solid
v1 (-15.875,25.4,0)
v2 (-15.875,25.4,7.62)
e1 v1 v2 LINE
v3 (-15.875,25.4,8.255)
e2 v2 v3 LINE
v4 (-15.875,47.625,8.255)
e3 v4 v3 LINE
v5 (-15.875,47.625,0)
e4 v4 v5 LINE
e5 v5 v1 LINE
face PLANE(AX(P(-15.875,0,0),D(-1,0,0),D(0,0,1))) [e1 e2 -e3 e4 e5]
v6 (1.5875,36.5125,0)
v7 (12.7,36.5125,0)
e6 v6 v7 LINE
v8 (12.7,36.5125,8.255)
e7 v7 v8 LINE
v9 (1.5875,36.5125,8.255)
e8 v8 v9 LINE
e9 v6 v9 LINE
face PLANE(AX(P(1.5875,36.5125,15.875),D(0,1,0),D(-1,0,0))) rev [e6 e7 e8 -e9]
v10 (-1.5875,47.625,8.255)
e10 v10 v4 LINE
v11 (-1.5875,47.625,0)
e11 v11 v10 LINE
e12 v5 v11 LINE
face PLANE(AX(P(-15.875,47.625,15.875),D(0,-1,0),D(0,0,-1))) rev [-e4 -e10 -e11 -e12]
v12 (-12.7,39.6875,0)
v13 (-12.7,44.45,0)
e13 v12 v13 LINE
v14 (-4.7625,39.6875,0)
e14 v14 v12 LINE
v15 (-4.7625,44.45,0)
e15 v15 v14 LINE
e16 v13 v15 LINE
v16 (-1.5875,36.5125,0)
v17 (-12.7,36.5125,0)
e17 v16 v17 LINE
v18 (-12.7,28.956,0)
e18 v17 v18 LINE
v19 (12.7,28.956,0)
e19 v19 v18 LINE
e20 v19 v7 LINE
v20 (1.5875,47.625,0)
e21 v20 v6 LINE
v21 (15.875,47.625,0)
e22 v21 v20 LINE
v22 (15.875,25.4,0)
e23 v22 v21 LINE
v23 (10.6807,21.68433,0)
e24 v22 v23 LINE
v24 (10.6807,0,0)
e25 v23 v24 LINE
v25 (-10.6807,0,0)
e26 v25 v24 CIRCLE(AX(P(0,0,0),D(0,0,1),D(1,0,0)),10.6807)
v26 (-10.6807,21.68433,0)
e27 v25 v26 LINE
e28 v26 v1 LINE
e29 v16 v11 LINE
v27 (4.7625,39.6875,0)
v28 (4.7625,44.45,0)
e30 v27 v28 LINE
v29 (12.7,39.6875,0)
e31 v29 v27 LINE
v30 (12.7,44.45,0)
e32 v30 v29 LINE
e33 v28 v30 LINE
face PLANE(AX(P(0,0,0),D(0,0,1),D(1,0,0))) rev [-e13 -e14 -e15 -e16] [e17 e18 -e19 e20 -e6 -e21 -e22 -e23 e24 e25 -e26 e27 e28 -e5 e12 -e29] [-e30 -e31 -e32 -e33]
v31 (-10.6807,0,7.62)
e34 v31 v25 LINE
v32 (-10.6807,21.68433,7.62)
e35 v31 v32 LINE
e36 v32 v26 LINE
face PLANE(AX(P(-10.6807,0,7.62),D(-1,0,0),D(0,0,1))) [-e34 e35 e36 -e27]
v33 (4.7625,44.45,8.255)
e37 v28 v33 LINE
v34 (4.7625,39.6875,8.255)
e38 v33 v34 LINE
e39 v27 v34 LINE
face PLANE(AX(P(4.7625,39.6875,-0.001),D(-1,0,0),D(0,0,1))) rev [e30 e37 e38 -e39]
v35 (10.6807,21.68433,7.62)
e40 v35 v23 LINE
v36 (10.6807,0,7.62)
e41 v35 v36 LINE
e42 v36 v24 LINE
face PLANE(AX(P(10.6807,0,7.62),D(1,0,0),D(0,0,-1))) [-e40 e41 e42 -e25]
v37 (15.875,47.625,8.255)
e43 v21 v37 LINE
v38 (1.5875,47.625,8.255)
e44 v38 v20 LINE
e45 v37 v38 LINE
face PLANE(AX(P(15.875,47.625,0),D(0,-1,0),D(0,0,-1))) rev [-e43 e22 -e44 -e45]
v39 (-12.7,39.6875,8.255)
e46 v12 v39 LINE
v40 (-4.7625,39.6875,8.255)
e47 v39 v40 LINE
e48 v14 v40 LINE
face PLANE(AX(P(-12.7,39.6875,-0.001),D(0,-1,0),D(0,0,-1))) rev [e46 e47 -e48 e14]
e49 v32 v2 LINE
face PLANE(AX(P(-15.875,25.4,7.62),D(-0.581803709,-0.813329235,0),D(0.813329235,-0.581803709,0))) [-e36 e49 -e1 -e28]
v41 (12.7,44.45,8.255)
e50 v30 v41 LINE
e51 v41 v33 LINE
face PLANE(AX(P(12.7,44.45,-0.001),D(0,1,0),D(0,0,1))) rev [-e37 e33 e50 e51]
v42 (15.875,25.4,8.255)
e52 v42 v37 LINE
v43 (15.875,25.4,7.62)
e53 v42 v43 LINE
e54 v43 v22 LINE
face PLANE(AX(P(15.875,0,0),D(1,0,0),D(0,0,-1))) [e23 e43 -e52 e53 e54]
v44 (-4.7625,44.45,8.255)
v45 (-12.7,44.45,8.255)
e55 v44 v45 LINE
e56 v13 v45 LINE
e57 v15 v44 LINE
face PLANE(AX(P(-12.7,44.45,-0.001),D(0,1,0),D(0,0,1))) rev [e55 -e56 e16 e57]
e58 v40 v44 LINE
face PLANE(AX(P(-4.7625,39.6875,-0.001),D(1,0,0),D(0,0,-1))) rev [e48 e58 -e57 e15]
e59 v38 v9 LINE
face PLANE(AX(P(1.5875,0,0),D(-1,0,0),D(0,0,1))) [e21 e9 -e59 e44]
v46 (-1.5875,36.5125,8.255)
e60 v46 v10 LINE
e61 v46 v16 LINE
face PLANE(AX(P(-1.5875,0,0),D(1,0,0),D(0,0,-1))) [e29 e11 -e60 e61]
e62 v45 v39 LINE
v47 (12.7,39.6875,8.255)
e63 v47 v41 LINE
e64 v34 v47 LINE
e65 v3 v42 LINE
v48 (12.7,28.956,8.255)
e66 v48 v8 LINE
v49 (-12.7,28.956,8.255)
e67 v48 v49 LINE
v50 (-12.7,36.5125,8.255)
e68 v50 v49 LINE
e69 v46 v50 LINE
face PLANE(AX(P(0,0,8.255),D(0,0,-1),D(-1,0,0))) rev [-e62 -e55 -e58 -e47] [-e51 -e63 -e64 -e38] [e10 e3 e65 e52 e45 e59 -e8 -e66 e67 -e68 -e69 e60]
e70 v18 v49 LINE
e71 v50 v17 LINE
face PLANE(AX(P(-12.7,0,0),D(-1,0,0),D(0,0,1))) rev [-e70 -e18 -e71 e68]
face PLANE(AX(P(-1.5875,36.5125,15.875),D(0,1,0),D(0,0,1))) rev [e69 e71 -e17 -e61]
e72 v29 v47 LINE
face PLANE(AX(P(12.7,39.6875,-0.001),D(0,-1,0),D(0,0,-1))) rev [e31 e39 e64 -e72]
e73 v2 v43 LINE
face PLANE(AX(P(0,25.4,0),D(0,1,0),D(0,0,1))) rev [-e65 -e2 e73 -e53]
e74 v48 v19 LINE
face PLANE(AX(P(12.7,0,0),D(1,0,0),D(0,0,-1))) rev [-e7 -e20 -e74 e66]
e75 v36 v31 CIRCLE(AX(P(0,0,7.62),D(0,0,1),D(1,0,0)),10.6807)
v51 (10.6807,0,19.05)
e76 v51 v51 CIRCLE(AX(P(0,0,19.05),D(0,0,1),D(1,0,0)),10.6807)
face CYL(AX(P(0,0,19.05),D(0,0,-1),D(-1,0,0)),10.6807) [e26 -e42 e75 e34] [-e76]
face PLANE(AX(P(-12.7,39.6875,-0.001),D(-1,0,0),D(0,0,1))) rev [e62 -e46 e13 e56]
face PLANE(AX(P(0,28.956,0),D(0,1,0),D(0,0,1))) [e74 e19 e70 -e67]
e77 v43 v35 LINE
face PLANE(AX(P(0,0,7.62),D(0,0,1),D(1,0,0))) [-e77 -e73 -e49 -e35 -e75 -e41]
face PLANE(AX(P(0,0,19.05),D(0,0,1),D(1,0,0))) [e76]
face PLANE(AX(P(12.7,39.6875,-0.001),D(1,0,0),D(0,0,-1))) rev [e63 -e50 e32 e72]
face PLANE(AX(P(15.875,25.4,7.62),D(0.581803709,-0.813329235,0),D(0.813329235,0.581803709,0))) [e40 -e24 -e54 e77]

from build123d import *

# Parameters (mm, degrees)
SKETCH1_R           = 10.6807
BOSS_EXTRUDE1_DEPTH = 19.05
SKETCH2_W           = 21.3614
SKETCH2_H           = 25.4
BOSS_EXTRUDE2_DEPTH = 7.62
BOSS_EXTRUDE3_DEPTH = 3.556
SKETCH4_W           = 15.875
SKETCH4_H           = 22.225
BOSS_EXTRUDE4_DEPTH = 3.175
SKETCH5_W           = 15.875
SKETCH5_H           = 22.225
BOSS_EXTRUDE5_DEPTH = 3.175
SKETCH7_W           = 15.875
SKETCH7_H           = 11.1125
BOSS_EXTRUDE6_DEPTH = 11.1125
SKETCH8_W           = 15.875
SKETCH8_H           = 11.1125
BOSS_EXTRUDE7_DEPTH = 11.1125
SKETCH9_W           = 31.75
SKETCH9_H           = 22.225
CUT_EXTRUDE1_DEPTH  = 7.62
BOSS_EXTRUDE8_DEPTH = 7.62
CUT_EXTRUDE2_REACH  = 53.349
SKETCH11_W          = 7.9375
SKETCH11_H          = 4.7625


with BuildPart() as part:
    # Sketch1 → Boss-Extrude1 (new body)
    with BuildSketch(Plane.XY):
        with Locations(Location((0, 0, 0), (0, 0, 180))):
            Circle(SKETCH1_R)
    extrude(amount=BOSS_EXTRUDE1_DEPTH)

    # Sketch2 → Boss-Extrude2 (add)
    with BuildSketch(Plane(origin=(0, 0, 0), x_dir=(-1, 0, 0), z_dir=(0, 0, -1))):
        with Locations((0, 12.7)):
            Rectangle(SKETCH2_W, SKETCH2_H)
    extrude(amount=-BOSS_EXTRUDE2_DEPTH)

    # Sketch3 → Boss-Extrude3 (add)
    with BuildSketch(Plane(origin=(0, 25.4, 0), x_dir=(1, 0, 0), z_dir=(0, 1, 0))):
        Polygon((0, 0), (12.7, 0), (12.7, -15.875), (-12.7, -15.875), (-12.7, 0), align=None)
    extrude(amount=BOSS_EXTRUDE3_DEPTH)

    # Sketch4 → Boss-Extrude4 (add)
    with BuildSketch(Plane(origin=(12.7, 0, 0), x_dir=(0, 0, -1), z_dir=(1, 0, 0))):
        with Locations((-7.9375, 36.5125)):
            Rectangle(SKETCH4_W, SKETCH4_H)
    extrude(amount=BOSS_EXTRUDE4_DEPTH)

    # Sketch5 → Boss-Extrude5 (add)
    with BuildSketch(Plane.ZY.offset(12.7)):
        with Locations((7.9375, 36.5125)):
            Rectangle(SKETCH5_W, SKETCH5_H)
    extrude(amount=BOSS_EXTRUDE5_DEPTH)

    # Sketch7 → Boss-Extrude6 (add)
    with BuildSketch(Plane(origin=(-12.7, 0, 0), x_dir=(0, 0, -1), z_dir=(1, 0, 0))):
        with Locations((-7.9375, 42.06875)):
            Rectangle(SKETCH7_W, SKETCH7_H)
    extrude(amount=BOSS_EXTRUDE6_DEPTH)

    # Sketch8 → Boss-Extrude7 (add)
    with BuildSketch(Plane.ZY.offset(-12.7)):
        with Locations((7.9375, 42.06875)):
            Rectangle(SKETCH8_W, SKETCH8_H)
    extrude(amount=BOSS_EXTRUDE7_DEPTH)

    # Sketch9 → Cut-Extrude1 (cut)
    with BuildSketch(Plane.XY.offset(15.875)):
        with Locations((0, 36.5125)):
            Rectangle(SKETCH9_W, SKETCH9_H)
    extrude(amount=-CUT_EXTRUDE1_DEPTH, mode=Mode.SUBTRACT)

    # Sketch10 → Boss-Extrude8 (add)
    with BuildSketch(Plane(origin=(0, 0, 0), x_dir=(-1, 0, 0), z_dir=(0, 0, -1))):
        Polygon((-10.6807, 25.4), (-15.875, 25.4), (-10.6807, 21.684330036), align=None)
        Polygon((15.875, 25.4), (10.6807, 21.684330036), (10.6807, 25.4), align=None)
    extrude(amount=-BOSS_EXTRUDE8_DEPTH)

    # Sketch11 → Cut-Extrude2 (cut, up to next)
    with BuildSketch(Plane.XY.offset(8.255), mode=Mode.PRIVATE) as cut_extrude2_sk1:
        with Locations((8.73125, 42.06875)):
            Rectangle(SKETCH11_W, SKETCH11_H)
    cut_extrude2_tool1 = extrude(cut_extrude2_sk1.sketch, amount=-CUT_EXTRUDE2_REACH, mode=Mode.PRIVATE) & part.part
    # Sketch11 → Cut-Extrude2 (cut, up to next)
    with BuildSketch(Plane.XY.offset(8.255), mode=Mode.PRIVATE) as cut_extrude2_sk2:
        with Locations((-8.73125, 42.06875)):
            Rectangle(SKETCH11_W, SKETCH11_H)
    cut_extrude2_tool2 = extrude(cut_extrude2_sk2.sketch, amount=-CUT_EXTRUDE2_REACH, mode=Mode.PRIVATE) & part.part
    add(cut_extrude2_tool1.solids().sort_by_distance((8.73125, 42.06875, 8.255))[0], mode=Mode.SUBTRACT)
    add(cut_extrude2_tool2.solids().sort_by_distance((-8.73125, 42.06875, 8.255))[0], mode=Mode.SUBTRACT)


solid = part.part
